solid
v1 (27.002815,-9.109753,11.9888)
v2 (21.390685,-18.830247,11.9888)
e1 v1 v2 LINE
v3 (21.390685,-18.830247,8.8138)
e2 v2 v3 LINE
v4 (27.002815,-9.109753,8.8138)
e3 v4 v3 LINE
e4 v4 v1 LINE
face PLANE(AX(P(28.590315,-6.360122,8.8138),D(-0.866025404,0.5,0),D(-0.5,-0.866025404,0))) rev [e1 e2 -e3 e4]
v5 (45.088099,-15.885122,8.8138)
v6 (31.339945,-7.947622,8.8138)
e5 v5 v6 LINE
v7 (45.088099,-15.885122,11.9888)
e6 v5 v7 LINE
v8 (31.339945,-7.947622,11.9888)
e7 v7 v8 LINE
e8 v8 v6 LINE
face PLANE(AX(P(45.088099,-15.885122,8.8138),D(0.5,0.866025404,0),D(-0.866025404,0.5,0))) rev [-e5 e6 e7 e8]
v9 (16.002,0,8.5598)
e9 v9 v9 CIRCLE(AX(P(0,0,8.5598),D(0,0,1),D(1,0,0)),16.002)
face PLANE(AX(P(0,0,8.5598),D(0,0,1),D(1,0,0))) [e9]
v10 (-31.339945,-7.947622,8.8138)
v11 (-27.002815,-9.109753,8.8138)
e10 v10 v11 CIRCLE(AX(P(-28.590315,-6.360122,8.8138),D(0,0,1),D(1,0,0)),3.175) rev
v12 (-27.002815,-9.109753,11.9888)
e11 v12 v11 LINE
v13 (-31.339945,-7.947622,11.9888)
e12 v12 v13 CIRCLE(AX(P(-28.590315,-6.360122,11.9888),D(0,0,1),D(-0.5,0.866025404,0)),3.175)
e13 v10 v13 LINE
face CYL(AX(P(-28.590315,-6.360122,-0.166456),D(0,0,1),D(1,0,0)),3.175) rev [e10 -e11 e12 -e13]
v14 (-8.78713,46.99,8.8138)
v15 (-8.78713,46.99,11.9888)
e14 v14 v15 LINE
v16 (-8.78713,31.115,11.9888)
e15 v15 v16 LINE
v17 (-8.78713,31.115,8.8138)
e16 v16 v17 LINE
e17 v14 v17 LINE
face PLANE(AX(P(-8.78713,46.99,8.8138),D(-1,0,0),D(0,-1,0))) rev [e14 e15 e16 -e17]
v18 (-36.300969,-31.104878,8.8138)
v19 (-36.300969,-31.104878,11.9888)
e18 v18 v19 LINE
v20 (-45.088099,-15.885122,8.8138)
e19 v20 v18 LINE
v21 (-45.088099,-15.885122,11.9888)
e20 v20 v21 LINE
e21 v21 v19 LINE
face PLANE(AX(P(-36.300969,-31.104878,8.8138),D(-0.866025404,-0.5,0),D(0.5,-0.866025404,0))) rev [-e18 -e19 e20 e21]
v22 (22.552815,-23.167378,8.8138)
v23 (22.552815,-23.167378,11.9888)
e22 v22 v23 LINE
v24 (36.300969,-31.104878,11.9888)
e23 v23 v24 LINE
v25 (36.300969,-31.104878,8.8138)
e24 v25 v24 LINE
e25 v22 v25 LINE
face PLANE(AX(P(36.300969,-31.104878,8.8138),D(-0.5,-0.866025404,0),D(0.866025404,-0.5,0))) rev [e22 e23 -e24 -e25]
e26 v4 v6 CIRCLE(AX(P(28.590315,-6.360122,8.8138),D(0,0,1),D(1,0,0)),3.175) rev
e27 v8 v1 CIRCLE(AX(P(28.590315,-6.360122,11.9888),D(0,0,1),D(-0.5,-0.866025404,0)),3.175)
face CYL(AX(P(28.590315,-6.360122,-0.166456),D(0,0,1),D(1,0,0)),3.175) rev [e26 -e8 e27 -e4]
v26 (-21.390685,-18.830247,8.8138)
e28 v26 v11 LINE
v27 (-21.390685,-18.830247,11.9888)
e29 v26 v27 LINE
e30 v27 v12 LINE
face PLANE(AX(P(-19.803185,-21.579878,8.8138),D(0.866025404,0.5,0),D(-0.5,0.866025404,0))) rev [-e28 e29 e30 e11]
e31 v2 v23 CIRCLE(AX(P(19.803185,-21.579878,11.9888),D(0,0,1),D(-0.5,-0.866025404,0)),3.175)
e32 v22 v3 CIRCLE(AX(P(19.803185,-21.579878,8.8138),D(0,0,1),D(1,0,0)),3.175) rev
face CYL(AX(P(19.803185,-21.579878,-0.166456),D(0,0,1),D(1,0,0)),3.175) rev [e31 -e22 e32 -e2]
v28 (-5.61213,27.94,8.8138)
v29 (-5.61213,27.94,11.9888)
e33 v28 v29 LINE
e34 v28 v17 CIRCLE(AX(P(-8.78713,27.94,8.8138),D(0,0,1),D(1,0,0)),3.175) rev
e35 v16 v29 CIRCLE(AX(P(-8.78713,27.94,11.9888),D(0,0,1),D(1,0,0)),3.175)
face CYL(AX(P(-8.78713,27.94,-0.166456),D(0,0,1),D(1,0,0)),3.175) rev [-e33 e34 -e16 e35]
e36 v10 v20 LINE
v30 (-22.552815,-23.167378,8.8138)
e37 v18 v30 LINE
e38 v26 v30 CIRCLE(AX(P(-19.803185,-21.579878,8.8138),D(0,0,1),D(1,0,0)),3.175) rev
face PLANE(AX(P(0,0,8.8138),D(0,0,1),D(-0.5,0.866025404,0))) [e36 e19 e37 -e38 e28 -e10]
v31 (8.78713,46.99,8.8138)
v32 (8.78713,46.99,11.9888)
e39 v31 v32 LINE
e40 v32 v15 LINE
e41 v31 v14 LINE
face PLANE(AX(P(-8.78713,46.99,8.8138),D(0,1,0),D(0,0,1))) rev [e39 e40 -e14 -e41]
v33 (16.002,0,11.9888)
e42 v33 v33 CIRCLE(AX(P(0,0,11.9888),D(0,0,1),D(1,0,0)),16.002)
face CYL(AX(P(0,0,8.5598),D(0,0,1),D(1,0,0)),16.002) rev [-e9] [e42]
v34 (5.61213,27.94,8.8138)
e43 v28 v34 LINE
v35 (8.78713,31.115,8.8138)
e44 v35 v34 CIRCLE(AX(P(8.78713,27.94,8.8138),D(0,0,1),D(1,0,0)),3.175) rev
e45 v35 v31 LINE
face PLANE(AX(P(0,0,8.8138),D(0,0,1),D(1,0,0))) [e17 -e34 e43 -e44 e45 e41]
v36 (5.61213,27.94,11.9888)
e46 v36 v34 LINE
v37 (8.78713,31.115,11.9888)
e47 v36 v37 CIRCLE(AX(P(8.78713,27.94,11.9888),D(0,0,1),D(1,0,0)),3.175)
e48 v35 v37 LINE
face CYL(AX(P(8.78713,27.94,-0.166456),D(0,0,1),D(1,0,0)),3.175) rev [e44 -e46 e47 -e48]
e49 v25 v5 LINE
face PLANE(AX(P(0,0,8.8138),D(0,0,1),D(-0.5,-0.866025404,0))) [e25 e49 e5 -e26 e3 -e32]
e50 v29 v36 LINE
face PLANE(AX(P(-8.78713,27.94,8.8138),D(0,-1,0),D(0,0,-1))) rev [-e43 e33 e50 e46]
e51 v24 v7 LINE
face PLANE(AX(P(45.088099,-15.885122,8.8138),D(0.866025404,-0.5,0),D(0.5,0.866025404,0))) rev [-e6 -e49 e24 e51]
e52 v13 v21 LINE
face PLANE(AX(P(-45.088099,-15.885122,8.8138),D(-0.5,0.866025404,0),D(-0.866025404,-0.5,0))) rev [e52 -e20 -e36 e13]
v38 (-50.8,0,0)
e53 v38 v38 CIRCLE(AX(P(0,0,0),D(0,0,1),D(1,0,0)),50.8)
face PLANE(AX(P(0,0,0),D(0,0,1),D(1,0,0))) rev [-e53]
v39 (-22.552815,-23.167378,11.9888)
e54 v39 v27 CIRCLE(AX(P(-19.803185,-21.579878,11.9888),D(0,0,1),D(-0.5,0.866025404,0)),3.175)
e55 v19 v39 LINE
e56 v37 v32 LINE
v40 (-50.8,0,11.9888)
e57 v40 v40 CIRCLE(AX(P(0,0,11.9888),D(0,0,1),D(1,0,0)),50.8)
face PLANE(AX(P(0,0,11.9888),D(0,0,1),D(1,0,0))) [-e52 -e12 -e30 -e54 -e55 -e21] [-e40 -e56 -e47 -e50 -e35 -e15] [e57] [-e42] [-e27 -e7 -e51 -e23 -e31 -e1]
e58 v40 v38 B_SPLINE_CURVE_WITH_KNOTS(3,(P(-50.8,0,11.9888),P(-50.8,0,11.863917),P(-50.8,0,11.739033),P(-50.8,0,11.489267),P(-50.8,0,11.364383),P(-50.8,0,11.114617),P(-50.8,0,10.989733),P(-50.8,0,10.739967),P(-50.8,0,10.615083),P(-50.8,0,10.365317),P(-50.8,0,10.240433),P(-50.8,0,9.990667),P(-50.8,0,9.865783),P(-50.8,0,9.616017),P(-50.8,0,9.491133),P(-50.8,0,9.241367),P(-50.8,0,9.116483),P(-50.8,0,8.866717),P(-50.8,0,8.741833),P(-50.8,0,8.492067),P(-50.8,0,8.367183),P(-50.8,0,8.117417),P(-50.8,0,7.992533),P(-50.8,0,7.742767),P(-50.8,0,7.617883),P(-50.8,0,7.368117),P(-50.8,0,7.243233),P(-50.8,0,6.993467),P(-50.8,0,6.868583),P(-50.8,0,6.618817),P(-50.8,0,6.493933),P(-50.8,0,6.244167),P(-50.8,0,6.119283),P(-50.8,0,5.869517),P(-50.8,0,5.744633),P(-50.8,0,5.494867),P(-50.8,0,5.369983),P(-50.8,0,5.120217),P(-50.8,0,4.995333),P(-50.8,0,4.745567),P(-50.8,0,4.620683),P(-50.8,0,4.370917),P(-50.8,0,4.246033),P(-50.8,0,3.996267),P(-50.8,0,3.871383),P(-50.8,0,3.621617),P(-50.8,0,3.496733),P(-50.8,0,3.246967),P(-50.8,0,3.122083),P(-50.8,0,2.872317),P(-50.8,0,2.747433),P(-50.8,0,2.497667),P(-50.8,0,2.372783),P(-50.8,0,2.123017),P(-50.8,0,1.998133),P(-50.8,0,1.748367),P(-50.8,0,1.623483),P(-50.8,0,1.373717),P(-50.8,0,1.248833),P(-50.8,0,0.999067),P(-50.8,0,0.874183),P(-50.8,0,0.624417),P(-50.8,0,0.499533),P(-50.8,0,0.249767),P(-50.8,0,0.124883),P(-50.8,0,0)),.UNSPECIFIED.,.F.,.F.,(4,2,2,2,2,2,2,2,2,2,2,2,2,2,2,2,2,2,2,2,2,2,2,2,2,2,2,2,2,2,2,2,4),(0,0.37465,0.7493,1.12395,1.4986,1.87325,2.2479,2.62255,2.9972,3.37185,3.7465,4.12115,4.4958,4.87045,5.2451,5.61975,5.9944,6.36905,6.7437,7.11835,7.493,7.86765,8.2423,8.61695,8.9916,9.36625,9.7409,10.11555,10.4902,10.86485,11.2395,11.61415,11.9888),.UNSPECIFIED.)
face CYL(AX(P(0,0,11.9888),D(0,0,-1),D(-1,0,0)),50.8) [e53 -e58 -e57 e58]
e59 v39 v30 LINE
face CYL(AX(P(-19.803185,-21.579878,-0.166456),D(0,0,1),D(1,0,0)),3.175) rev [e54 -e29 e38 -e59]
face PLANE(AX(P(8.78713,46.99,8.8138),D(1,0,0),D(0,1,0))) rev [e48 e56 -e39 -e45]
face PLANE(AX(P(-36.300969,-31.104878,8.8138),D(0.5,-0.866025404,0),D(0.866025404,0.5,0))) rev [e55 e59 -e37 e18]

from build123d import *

# Parameters (mm, degrees)
SKETCH1_R           = 50.8
BOSS_EXTRUDE1_DEPTH = 11.9888
SKETCH3_W           = 17.57426
SKETCH3_H           = 19.05
POCKET_DEPTH        = 3.175
SKETCH7_R           = 3.175
CORNER_RELIEF_DEPTH = 3.175
CIRPATTERN1_COUNT   = 3
SKETCH5_R           = 16.002
MAGNET_INSET_DEPTH  = 3.429


with BuildPart() as part:
    # Sketch1 → Boss-Extrude1 (new body)
    with BuildSketch(Plane.XY):
        with Locations(Location((0, 0, 0), (0, 0, 180))):
            Circle(SKETCH1_R)
    extrude(amount=BOSS_EXTRUDE1_DEPTH)

    # Sketch3 → pocket (cut)
    with BuildSketch(Plane.XY.offset(11.9888)):
        with Locations((0, 37.465)):
            Rectangle(SKETCH3_W, SKETCH3_H)
    pocket = extrude(amount=-POCKET_DEPTH, mode=Mode.SUBTRACT)

    # Sketch7 → corner relief (cut)
    with BuildSketch(Plane.XY.offset(11.9888)):
        with Locations((-8.78713, 27.94)):
            Circle(SKETCH7_R)
        with Locations((8.78713, 27.94)):
            Circle(SKETCH7_R)
    corner_relief = extrude(amount=-CORNER_RELIEF_DEPTH, mode=Mode.SUBTRACT)

    # CirPattern1: pocket, corner relief ×3 about axis
    cirpattern1_axis = Axis((0, 0, 0), (0, 0, 1))
    add([pocket.rotate(cirpattern1_axis, i * 360 / CIRPATTERN1_COUNT) for i in range(1, CIRPATTERN1_COUNT)], mode=Mode.SUBTRACT)
    add([corner_relief.rotate(cirpattern1_axis, i * 360 / CIRPATTERN1_COUNT) for i in range(1, CIRPATTERN1_COUNT)], mode=Mode.SUBTRACT)

    # Sketch5 → magnet inset (cut)
    with BuildSketch(Plane.XY.offset(11.9888)):
        Circle(SKETCH5_R)
    extrude(amount=-MAGNET_INSET_DEPTH, mode=Mode.SUBTRACT)


solid = part.part
